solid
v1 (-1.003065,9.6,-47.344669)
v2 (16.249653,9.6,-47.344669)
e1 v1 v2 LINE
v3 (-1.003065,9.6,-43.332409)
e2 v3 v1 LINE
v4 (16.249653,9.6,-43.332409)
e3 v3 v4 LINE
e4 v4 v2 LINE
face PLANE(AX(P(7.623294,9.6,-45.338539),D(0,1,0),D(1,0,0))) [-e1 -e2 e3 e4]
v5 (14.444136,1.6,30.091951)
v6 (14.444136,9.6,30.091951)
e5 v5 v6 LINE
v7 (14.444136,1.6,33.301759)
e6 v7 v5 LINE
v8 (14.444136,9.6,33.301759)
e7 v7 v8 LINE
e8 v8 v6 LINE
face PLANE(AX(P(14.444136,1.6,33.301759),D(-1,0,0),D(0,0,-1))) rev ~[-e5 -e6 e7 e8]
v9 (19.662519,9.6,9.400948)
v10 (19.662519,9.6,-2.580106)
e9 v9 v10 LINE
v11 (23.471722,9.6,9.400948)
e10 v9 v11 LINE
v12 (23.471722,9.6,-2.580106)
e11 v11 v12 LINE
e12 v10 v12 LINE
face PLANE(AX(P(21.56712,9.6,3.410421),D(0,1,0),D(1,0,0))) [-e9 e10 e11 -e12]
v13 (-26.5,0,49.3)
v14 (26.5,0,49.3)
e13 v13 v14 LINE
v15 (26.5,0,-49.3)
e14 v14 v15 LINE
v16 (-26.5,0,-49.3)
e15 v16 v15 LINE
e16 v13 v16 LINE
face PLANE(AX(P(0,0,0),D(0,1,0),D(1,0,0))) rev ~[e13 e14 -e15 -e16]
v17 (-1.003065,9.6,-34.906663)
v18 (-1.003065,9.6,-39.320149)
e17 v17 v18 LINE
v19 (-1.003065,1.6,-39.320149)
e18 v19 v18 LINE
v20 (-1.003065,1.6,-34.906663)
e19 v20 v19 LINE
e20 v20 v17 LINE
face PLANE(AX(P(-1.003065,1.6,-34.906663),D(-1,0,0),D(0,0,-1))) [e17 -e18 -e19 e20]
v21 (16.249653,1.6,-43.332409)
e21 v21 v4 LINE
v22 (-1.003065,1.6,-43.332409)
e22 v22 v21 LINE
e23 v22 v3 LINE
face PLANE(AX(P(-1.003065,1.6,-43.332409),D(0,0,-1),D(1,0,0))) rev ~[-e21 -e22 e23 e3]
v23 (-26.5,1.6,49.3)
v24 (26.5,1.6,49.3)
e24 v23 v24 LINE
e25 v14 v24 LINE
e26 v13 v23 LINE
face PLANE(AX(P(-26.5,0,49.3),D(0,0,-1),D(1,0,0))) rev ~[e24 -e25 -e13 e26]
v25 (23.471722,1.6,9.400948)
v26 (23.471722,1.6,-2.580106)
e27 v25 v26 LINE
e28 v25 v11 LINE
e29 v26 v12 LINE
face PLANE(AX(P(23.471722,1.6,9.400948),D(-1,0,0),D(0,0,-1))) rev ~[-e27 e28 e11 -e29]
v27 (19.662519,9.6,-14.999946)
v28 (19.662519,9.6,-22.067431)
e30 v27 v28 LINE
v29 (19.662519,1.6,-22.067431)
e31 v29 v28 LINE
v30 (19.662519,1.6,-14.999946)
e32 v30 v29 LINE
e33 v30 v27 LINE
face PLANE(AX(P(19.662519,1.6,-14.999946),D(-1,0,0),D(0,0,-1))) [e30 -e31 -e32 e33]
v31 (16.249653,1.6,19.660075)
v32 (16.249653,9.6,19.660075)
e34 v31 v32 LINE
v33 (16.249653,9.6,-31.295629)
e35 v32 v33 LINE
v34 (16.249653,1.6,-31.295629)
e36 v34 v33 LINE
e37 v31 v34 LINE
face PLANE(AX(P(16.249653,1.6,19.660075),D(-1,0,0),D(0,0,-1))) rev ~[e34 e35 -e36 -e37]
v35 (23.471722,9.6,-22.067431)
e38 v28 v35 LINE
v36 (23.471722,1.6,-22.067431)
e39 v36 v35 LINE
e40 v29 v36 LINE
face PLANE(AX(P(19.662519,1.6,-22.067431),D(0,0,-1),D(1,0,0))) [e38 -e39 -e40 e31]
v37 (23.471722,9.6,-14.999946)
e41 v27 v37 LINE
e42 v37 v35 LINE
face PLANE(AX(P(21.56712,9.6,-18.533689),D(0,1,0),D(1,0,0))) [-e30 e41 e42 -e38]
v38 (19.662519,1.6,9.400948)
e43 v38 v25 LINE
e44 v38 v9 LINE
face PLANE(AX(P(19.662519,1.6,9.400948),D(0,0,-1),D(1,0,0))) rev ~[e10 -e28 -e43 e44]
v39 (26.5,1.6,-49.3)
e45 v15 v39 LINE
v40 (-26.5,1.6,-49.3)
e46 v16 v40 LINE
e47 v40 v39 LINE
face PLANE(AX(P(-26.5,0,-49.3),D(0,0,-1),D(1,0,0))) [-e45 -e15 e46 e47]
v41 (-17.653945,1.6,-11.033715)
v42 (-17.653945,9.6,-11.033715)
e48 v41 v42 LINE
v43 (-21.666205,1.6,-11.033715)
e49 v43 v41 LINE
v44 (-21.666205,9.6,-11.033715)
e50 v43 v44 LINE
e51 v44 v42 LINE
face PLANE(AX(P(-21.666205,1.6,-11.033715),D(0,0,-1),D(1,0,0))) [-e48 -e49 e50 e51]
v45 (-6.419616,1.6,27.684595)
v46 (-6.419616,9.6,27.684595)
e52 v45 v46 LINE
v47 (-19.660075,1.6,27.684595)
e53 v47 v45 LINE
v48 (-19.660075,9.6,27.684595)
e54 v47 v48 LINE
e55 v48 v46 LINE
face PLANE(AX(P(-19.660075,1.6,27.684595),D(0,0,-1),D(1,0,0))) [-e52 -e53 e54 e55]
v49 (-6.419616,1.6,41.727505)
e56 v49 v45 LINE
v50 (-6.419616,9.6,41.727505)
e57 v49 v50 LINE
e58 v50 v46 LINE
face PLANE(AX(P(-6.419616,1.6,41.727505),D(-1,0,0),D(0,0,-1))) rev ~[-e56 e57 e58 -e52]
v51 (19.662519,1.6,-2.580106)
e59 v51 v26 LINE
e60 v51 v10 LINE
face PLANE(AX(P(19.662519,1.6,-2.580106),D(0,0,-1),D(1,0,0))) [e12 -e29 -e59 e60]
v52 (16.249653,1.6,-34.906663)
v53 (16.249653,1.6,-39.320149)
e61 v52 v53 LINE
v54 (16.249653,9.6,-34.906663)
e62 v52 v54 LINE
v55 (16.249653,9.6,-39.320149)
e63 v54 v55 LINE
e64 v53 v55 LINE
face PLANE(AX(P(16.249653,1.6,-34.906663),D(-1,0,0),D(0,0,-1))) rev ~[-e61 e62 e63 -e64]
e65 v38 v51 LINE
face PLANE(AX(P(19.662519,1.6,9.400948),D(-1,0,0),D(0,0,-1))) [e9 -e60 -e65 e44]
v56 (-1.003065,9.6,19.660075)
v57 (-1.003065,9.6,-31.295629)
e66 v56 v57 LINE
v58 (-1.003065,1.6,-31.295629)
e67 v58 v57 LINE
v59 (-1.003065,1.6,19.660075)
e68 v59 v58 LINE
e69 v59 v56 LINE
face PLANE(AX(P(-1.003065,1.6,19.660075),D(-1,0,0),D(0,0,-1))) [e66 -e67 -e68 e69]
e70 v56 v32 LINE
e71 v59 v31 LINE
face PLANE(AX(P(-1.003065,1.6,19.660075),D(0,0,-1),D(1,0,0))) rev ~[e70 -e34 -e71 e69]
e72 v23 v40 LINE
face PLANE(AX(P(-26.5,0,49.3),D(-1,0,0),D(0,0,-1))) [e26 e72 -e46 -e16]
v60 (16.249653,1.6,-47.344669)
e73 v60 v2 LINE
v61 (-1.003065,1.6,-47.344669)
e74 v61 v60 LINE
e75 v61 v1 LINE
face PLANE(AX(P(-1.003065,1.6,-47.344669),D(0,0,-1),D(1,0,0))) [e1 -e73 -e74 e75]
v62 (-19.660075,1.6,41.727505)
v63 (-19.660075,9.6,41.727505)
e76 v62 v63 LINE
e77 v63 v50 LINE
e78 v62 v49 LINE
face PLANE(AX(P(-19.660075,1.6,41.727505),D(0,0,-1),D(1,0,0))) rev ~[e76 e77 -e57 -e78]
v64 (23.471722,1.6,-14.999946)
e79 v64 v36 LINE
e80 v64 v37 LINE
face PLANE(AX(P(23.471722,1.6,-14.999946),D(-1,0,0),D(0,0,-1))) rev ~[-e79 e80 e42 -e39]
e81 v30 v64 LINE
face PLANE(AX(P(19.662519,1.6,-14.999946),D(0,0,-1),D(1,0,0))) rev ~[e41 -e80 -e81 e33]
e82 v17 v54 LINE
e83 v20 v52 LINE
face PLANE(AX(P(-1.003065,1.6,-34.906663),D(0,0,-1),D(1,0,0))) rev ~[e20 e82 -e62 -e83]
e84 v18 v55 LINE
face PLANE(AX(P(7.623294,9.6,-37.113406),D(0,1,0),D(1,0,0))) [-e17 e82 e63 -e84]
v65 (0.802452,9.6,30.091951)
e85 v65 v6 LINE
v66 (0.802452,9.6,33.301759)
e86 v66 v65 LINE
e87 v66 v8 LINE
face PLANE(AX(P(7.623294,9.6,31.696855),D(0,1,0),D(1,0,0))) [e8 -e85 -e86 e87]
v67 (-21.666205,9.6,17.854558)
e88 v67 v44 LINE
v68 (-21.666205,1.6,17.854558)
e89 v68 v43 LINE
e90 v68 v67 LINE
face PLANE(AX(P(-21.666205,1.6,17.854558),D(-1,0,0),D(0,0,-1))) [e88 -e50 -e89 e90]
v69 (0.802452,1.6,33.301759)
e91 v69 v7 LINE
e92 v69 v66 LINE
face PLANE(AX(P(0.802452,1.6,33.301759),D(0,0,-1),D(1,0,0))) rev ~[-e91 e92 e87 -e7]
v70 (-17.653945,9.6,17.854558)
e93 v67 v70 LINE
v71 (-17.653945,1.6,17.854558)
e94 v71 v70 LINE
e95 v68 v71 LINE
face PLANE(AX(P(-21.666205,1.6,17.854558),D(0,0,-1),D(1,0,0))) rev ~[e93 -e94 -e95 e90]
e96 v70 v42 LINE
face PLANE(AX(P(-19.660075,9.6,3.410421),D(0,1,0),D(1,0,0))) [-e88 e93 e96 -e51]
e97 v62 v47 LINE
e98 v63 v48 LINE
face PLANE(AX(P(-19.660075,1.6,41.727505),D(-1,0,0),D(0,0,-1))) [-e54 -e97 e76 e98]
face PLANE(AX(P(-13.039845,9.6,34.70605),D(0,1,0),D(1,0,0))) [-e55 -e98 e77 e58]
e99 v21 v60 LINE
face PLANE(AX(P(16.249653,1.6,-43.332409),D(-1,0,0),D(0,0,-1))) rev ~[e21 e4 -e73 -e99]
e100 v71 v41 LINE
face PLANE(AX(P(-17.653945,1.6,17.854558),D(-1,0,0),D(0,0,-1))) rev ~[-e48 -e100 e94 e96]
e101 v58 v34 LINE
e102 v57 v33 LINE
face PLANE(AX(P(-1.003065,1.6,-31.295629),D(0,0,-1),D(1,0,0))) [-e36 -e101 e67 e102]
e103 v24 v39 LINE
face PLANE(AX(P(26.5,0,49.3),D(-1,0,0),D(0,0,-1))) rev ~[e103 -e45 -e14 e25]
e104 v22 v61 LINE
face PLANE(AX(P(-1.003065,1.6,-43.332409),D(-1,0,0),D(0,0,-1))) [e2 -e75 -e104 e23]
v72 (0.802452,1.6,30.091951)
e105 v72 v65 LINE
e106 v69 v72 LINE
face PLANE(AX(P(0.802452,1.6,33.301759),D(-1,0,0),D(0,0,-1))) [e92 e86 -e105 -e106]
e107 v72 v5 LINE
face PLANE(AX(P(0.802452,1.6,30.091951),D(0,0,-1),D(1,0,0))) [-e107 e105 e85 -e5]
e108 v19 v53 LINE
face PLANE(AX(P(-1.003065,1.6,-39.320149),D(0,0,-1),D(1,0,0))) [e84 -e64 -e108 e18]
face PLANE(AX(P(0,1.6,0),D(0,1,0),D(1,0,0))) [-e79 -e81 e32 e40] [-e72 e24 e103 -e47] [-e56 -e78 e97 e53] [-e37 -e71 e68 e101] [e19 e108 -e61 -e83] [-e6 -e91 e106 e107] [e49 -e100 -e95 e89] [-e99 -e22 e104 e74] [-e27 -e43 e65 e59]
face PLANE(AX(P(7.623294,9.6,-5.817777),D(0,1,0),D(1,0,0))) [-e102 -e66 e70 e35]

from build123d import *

# Parameters (mm, degrees)
CROQUIS2_W              = 53
CROQUIS2_H              = 98.6
SALIENTE_EXTRUIR1_DEPTH = 1.6
CROQUIS3_W              = 17.252718504
CROQUIS3_H              = 50.95570349
CROQUIS3_W_2            = 13.240458387
CROQUIS3_H_2            = 14.042910411
CROQUIS3_W_3            = 4.012260117
CROQUIS3_H_3            = 28.888272845
CROQUIS3_H_4            = 4.012260117
CROQUIS3_H_5            = 4.413486129
CROQUIS3_W_4            = 3.809203095
CROQUIS3_H_6            = 7.067484179
CROQUIS3_H_7            = 11.981054517
CROQUIS3_W_5            = 13.641684399
CROQUIS3_H_8            = 3.209808094
SALIENTE_EXTRUIR2_DEPTH = 8


with BuildPart() as part:
    # Croquis2 → Saliente-Extruir1 (new body)
    with BuildSketch(Plane(origin=(0, 0, 0), x_dir=(1, 0, 0), z_dir=(0, 1, 0))):
        Rectangle(CROQUIS2_W, CROQUIS2_H)
    extrude(amount=SALIENTE_EXTRUIR1_DEPTH)

    # Croquis3 → Saliente-Extruir2 (add)
    with BuildSketch(Plane(origin=(0, 1.6, 0), x_dir=(1, 0, 0), z_dir=(0, 1, 0))):
        with Locations((7.623294223, 5.81777717)):
            Rectangle(CROQUIS3_W, CROQUIS3_H)
        with Locations((-13.039845382, -34.706050015)):
            Rectangle(CROQUIS3_W_2, CROQUIS3_H_2)
        with Locations((-19.660074575, -3.410421099)):
            Rectangle(CROQUIS3_W_3, CROQUIS3_H_3)
        with Locations((7.623294223, 45.338539326)):
            Rectangle(CROQUIS3_W, CROQUIS3_H_4)
        with Locations((7.623294223, 37.113406084)):
            Rectangle(CROQUIS3_W, CROQUIS3_H_5)
        with Locations((21.567120139, 18.533688555)):
            Rectangle(CROQUIS3_W_4, CROQUIS3_H_6)
        with Locations((21.567120139, -3.4104211)):
            Rectangle(CROQUIS3_W_4, CROQUIS3_H_7)
        with Locations((7.623294223, -31.696854927)):
            Rectangle(CROQUIS3_W_5, CROQUIS3_H_8)
    extrude(amount=SALIENTE_EXTRUIR2_DEPTH)


solid = part.part
